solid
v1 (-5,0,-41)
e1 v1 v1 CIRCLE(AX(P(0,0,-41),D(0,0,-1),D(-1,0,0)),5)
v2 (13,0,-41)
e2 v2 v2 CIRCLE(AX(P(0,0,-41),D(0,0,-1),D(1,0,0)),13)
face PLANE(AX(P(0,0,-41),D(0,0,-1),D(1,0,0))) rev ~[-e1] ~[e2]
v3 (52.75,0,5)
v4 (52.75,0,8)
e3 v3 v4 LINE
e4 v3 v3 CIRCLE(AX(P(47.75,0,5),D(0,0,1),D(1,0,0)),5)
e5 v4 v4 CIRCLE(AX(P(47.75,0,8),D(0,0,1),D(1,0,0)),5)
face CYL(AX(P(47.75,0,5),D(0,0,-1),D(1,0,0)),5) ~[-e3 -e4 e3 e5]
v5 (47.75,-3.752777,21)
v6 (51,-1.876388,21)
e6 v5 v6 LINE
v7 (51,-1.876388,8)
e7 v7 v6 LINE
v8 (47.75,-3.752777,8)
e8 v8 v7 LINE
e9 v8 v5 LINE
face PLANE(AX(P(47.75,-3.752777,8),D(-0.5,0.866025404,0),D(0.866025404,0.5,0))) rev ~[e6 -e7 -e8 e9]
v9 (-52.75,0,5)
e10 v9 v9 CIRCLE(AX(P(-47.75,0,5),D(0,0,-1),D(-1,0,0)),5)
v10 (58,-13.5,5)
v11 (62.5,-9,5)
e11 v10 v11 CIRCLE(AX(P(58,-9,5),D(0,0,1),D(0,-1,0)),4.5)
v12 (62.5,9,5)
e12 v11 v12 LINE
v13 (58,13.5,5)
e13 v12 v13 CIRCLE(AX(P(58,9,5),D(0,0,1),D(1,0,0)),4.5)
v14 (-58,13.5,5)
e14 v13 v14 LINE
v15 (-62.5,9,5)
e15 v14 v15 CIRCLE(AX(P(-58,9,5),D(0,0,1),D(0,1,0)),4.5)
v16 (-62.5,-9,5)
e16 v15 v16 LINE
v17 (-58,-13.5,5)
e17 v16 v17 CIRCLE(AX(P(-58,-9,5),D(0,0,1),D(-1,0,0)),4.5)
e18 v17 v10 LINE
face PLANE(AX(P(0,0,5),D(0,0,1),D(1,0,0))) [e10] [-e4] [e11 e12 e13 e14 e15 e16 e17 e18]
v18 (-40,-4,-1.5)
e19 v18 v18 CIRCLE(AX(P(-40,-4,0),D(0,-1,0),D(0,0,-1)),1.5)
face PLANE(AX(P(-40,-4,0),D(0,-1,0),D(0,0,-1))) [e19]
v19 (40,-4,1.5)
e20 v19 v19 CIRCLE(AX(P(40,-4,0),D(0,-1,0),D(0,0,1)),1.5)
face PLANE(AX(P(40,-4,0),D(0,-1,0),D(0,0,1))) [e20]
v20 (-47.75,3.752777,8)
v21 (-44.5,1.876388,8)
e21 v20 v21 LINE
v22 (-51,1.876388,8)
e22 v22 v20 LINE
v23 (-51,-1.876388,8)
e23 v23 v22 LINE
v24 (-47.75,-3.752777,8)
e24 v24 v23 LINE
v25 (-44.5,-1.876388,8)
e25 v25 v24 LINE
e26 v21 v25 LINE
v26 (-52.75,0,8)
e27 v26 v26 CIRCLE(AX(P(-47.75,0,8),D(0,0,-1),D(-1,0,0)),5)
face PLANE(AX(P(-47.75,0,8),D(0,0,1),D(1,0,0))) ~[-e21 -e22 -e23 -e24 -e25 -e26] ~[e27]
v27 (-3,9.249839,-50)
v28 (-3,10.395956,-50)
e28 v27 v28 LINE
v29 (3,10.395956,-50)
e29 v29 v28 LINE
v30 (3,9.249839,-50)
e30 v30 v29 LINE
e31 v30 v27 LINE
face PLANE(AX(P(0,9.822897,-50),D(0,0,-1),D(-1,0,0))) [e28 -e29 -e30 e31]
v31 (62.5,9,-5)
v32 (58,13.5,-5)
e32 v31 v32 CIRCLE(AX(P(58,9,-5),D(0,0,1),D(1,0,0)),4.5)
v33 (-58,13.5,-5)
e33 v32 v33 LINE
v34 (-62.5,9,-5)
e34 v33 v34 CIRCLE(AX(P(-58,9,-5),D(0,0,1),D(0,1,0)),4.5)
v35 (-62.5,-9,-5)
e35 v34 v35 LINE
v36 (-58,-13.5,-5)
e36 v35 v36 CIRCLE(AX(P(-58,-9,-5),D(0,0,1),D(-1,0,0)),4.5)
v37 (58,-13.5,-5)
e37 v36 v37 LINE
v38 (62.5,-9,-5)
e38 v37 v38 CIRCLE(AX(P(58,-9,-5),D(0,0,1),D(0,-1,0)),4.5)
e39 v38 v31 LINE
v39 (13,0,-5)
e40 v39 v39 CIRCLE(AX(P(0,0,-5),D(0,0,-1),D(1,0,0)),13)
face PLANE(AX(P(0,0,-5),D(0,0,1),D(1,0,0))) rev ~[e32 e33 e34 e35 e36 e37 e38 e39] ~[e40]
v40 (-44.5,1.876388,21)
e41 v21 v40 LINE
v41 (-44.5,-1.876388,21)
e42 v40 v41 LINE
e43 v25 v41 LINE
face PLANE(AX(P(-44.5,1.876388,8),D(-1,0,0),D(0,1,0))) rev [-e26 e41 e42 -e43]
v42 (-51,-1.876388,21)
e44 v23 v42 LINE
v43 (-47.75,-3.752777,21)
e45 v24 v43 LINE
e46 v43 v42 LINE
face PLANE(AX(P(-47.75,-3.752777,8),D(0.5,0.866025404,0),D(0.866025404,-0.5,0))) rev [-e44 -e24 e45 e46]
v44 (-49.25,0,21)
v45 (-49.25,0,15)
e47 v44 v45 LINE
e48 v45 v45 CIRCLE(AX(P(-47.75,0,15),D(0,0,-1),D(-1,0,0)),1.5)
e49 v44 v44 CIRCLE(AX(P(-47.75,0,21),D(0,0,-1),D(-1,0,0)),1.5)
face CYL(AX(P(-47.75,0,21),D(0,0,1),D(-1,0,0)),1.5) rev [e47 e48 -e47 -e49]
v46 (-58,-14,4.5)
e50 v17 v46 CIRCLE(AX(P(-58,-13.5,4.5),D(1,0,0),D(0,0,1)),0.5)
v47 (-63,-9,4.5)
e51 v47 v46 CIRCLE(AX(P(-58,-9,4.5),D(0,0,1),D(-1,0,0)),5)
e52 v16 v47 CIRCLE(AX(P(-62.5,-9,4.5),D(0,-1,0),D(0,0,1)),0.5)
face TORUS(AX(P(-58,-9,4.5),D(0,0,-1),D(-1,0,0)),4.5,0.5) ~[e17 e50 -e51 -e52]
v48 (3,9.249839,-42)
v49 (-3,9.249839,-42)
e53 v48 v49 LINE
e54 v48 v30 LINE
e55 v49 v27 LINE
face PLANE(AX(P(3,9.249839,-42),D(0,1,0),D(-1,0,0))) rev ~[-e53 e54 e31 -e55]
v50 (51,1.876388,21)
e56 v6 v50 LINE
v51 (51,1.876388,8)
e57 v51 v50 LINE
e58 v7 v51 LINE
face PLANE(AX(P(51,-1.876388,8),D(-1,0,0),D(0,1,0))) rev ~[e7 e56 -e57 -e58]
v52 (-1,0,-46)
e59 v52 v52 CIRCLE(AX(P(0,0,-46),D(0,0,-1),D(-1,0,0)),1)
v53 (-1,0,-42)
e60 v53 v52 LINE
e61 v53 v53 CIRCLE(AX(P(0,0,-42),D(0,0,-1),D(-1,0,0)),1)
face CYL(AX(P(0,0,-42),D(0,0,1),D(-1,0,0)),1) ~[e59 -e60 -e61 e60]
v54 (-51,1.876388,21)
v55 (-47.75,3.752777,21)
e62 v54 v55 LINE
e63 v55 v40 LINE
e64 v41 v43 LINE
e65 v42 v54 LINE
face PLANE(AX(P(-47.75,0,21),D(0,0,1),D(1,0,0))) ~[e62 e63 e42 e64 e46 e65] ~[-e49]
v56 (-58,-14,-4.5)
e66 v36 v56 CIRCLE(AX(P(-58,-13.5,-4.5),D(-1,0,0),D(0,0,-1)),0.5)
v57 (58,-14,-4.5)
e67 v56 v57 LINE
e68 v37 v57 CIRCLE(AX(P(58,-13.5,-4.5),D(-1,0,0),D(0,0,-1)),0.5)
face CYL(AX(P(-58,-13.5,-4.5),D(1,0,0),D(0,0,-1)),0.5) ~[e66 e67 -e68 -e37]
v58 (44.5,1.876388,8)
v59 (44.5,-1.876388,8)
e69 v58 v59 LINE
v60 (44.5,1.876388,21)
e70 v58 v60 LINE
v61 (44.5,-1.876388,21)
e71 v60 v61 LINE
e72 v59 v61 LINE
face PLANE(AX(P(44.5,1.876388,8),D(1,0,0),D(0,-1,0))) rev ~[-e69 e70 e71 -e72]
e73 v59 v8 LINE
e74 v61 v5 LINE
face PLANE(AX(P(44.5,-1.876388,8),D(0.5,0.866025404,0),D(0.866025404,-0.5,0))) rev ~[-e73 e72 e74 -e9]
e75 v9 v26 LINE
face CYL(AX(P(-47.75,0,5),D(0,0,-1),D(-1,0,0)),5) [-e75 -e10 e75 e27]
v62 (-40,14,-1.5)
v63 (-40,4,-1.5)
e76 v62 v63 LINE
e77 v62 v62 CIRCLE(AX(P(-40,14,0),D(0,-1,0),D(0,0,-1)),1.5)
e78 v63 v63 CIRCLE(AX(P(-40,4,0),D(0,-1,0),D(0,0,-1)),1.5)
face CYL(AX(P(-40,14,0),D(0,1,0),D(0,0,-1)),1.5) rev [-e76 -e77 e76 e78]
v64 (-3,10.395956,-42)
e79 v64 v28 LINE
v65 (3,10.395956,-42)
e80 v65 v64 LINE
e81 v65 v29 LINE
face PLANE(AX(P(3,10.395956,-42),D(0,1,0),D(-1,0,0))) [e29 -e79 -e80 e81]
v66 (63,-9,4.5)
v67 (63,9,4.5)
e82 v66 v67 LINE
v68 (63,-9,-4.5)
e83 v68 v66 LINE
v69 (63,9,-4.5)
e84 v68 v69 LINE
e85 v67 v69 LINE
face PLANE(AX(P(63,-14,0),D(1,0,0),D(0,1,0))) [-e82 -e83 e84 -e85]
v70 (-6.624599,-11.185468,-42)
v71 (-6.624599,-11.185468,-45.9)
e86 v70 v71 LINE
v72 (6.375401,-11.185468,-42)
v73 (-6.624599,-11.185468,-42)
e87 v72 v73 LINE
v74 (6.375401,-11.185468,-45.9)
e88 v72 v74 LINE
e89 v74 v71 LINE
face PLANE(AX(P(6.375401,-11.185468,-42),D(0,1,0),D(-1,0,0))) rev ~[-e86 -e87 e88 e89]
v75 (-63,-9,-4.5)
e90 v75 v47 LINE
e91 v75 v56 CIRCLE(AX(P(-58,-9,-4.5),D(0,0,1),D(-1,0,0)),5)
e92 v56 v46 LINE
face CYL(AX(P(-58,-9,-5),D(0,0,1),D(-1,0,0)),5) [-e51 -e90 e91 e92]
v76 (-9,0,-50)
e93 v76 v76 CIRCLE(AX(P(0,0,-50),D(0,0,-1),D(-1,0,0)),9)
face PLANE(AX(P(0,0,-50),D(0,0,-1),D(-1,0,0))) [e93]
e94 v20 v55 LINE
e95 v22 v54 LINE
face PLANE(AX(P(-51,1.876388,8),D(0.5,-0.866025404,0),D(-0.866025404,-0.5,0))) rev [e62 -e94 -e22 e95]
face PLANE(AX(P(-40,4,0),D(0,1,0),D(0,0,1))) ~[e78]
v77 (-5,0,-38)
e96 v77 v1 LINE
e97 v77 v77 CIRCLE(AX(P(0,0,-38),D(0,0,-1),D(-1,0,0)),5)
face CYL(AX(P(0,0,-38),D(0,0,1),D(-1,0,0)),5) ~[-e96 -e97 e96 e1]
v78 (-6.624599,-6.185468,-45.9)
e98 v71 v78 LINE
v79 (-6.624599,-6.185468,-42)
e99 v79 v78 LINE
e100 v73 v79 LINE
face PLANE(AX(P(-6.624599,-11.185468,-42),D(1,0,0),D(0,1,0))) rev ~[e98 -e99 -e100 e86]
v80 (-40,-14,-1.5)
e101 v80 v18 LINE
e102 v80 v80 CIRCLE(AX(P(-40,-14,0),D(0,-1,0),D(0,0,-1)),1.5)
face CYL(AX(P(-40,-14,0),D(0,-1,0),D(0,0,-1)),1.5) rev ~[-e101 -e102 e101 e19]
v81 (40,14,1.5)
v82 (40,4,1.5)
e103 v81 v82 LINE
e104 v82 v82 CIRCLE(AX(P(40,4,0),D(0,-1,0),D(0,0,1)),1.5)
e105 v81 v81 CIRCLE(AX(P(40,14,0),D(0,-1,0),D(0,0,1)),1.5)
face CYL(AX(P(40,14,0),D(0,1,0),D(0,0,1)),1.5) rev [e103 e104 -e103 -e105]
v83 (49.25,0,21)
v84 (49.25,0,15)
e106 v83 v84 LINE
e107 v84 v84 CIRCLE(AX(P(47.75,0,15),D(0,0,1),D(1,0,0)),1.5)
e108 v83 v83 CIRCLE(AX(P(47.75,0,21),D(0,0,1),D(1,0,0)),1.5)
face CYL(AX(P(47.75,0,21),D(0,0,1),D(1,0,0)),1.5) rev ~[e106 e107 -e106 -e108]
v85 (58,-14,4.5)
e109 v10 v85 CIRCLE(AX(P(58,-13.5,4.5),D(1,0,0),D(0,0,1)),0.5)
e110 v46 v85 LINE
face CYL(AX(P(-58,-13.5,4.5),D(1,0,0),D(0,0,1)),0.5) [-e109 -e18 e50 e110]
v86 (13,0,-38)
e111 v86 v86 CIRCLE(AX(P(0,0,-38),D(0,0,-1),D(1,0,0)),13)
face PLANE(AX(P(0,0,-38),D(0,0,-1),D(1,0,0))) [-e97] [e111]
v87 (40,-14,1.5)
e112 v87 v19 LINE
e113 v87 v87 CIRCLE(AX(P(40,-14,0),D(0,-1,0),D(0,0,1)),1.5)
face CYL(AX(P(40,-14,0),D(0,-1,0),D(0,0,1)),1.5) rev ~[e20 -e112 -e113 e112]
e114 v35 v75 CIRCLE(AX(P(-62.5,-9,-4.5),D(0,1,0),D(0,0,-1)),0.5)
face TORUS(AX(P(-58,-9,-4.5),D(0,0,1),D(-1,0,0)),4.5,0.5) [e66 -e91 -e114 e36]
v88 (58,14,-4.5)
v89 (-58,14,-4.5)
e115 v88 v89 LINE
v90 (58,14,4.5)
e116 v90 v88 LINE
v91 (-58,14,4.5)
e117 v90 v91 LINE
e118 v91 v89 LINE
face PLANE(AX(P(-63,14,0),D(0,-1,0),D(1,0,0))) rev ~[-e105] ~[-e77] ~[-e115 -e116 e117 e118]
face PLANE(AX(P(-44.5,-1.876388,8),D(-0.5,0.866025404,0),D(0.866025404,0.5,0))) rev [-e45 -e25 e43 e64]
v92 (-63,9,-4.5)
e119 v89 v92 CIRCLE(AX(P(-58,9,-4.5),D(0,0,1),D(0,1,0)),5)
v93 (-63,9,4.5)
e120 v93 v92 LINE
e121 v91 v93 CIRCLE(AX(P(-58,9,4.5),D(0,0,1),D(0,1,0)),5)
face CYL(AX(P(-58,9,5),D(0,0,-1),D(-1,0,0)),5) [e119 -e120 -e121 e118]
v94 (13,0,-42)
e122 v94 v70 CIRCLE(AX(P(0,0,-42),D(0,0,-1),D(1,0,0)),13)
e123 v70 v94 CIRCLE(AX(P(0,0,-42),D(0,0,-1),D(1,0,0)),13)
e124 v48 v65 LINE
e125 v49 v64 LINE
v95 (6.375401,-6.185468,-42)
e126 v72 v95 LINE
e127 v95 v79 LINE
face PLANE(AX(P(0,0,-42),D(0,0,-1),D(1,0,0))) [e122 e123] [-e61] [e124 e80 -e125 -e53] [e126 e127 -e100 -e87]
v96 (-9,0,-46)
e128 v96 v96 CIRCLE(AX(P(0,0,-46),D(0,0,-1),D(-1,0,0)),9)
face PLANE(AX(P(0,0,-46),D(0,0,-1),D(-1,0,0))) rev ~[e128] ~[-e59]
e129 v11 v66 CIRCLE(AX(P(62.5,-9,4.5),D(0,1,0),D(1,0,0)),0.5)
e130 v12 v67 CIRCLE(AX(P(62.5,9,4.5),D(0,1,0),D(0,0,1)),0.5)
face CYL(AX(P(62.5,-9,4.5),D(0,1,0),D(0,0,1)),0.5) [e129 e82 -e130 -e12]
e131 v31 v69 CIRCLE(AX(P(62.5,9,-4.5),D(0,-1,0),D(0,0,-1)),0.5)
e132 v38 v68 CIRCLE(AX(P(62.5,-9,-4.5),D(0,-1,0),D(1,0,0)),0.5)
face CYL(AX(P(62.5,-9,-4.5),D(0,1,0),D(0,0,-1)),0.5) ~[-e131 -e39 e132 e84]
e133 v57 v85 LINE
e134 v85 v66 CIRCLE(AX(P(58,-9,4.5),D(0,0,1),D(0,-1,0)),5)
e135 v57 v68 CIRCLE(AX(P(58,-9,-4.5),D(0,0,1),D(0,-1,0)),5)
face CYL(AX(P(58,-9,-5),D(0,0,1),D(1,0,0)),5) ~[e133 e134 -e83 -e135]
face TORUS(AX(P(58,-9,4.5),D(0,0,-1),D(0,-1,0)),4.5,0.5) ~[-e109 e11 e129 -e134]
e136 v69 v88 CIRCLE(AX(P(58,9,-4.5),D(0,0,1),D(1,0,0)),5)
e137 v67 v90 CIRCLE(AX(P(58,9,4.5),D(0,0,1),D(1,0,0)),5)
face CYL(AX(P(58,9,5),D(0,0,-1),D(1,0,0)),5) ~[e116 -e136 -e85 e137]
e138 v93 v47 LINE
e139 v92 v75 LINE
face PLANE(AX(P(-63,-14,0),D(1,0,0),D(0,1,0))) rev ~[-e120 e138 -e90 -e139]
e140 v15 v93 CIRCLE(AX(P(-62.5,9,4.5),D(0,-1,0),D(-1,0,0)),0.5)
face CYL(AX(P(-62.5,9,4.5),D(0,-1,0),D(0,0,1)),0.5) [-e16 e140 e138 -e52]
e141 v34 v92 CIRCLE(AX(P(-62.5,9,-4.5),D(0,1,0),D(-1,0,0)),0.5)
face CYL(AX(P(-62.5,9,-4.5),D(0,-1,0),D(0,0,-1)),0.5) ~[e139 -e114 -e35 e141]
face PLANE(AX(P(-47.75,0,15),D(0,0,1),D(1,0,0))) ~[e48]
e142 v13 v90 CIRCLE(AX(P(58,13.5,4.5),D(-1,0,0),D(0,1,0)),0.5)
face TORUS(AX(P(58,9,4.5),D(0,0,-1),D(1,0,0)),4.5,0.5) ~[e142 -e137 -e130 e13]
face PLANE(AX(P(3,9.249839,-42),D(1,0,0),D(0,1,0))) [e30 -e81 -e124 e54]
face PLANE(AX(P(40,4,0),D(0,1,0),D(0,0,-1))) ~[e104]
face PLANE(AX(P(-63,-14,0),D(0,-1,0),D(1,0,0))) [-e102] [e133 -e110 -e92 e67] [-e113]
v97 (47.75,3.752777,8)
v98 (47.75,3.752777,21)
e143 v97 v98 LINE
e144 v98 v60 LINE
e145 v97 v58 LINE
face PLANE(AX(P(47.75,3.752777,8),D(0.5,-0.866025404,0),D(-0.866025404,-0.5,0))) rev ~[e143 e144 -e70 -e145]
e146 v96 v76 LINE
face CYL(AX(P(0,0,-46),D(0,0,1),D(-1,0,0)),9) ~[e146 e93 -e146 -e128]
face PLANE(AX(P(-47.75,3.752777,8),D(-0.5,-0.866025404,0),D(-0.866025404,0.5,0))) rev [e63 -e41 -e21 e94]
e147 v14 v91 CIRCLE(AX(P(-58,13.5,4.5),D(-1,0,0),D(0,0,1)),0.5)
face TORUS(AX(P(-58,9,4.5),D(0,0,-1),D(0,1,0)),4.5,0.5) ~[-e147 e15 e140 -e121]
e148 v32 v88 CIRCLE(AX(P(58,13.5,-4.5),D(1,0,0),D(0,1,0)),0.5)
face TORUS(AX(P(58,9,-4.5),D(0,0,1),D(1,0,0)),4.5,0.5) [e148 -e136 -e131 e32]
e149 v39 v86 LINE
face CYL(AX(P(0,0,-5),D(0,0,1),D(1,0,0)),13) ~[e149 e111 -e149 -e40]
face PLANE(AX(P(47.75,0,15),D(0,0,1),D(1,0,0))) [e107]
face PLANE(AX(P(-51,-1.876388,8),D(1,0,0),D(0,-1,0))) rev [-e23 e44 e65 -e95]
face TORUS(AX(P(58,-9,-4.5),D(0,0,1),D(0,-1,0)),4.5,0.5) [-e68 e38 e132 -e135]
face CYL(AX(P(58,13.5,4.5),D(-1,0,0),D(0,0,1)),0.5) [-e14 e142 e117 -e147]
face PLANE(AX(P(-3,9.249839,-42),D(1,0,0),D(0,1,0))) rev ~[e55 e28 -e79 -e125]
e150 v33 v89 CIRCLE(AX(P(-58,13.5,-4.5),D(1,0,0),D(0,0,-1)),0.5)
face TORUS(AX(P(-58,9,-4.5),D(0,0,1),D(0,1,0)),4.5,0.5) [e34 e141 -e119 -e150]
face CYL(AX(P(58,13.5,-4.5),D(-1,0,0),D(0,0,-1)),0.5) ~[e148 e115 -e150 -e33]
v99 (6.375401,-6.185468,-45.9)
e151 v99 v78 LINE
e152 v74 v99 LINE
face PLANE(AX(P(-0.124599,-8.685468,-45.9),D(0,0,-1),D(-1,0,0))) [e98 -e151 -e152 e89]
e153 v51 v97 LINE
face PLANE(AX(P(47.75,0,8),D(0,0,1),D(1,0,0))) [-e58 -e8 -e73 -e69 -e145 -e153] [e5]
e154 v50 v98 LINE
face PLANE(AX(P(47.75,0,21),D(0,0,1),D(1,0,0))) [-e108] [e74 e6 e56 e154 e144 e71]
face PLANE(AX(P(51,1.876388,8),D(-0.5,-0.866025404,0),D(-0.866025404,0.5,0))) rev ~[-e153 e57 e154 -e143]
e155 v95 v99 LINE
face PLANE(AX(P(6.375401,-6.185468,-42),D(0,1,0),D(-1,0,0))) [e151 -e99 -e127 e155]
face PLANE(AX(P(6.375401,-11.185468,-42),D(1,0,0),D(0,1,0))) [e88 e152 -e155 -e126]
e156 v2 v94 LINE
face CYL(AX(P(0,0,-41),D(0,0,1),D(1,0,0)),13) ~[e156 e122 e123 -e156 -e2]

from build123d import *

# Parameters (mm, degrees)
SKETCH_1_W          = 126
SKETCH_1_H          = 28
EXTRUDE_1_DEPTH     = 5
FILLET_1_R          = 5
FILLET_2_R          = 0.5
SKETCH_3_R          = 1.5
CUT_EXTRUDE_1_DEPTH = 10
SKETCH_4_R          = 5
EXTRUDE_2_DEPTH     = 3
EXTRUDE_3_DEPTH     = 13
SKETCH_6_R          = 1.5
CUT_EXTRUDE_2_DEPTH = 6
SKETCH_7_R          = 13
EXTRUDE_4_DEPTH     = 33
SKETCH_8_R          = 5
EXTRUDE_5_DEPTH     = 3
SKETCH_9_R          = 13
EXTRUDE_6_DEPTH     = 1
SKETCH_10_R         = 1
EXTRUDE_7_DEPTH     = 4
SKETCH_11_R         = 9
EXTRUDE_8_DEPTH     = 4
SKETCH_12_W         = 6
SKETCH_12_H         = 1.146117225
EXTRUDE_9_DEPTH     = 8
SKETCH_13_W         = 13
SKETCH_13_H         = 5
EXTRUDE_10_DEPTH    = 3.9


with BuildPart() as part:
    # 草图1 → 凸台-拉伸1 (new, symmetric)
    with BuildSketch(Plane.XY):
        Rectangle(SKETCH_1_W, SKETCH_1_H)
    extrude(amount=EXTRUDE_1_DEPTH, both=True)

    # 圆角1
    fillet_1_edges = [part.edges().sort_by_distance(p)[0] for p in [
        (63, -14, 0),
        (-63, -14, 0),
        (-63, 14, 0),
        (63, 14, 0),
    ]]
    fillet(fillet_1_edges, radius=FILLET_1_R)

    # 圆角2
    fillet_2_edges = [part.edges().sort_by_distance(p)[0] for p in [
        (0, -14, -5),
        (0, -14, 5),
        (63, 0, -5),
        (-63, 0, -5),
        (0, 14, -5),
        (61.535533906, 12.535533906, -5),
        (61.535533906, -12.535533906, -5),
        (-61.535533906, 12.535533906, -5),
        (-61.535533906, -12.535533906, -5),
        (-63, 0, 5),
        (63, 0, 5),
        (0, 14, 5),
        (61.535533906, 12.535533906, 5),
        (61.535533906, -12.535533906, 5),
        (-61.535533906, 12.535533906, 5),
        (-61.535533906, -12.535533906, 5),
    ]]
    fillet(fillet_2_edges, radius=FILLET_2_R)

    # 草图3 → 切除-拉伸1 (cut)
    with BuildSketch(Plane.XZ.offset(14)):
        with Locations(Location((-40, 0, 0), (0, 0, 270))):
            Circle(SKETCH_3_R)
        with Locations(Location((40, 0, 0), (0, 0, 90))):
            Circle(SKETCH_3_R)
    cut_extrude_1 = extrude(amount=-CUT_EXTRUDE_1_DEPTH, mode=Mode.SUBTRACT)

    # 草图4 → 凸台-拉伸2 (add)
    with BuildSketch(Plane.XY.offset(5)):
        with Locations((47.75, 0)):
            Circle(SKETCH_4_R)
    extrude_2 = extrude(amount=EXTRUDE_2_DEPTH)

    # 草图5 → 凸台-拉伸3 (add)
    with BuildSketch(Plane.XY.offset(8)):
        Polygon((47.75, -3.75277675), (51, -1.876388375), (51, 1.876388375), (47.75, 3.75277675), (44.5, 1.876388375), (44.5, -1.876388375), align=None)
    extrude_3 = extrude(amount=EXTRUDE_3_DEPTH)

    # 草图6 → 切除-拉伸2 (cut)
    with BuildSketch(Plane.XY.offset(21)):
        with Locations((47.75, 0)):
            Circle(SKETCH_6_R)
    cut_extrude_2 = extrude(amount=-CUT_EXTRUDE_2_DEPTH, mode=Mode.SUBTRACT)

    # 镜向1: 凸台-拉伸2, 凸台-拉伸3, 切除-拉伸2 across plane
    add(extrude_2.mirror(Plane(origin=(0, 0, 0), x_dir=(0, 0, 1), z_dir=(1, 0, 0))))
    add(extrude_3.mirror(Plane(origin=(0, 0, 0), x_dir=(0, 0, 1), z_dir=(1, 0, 0))))
    add(cut_extrude_2.mirror(Plane(origin=(0, 0, 0), x_dir=(0, 0, 1), z_dir=(1, 0, 0))), mode=Mode.SUBTRACT)

    # 草图7 → 凸台-拉伸4 (add)
    with BuildSketch(Plane(origin=(0, 0, -5), x_dir=(-1, 0, 0), z_dir=(0, 0, -1))):
        with Locations(Location((0, 0, 0), (0, 0, 180))):
            Circle(SKETCH_7_R)
    extrude(amount=EXTRUDE_4_DEPTH)

    # 草图8 → 凸台-拉伸5 (add)
    with BuildSketch(Plane(origin=(0, 0, -38), x_dir=(-1, 0, 0), z_dir=(0, 0, -1))):
        Circle(SKETCH_8_R)
    extrude(amount=EXTRUDE_5_DEPTH)

    # 草图9 → 凸台-拉伸6 (add)
    with BuildSketch(Plane(origin=(0, 0, -41), x_dir=(-1, 0, 0), z_dir=(0, 0, -1))):
        with Locations(Location((0, 0, 0), (0, 0, 180))):
            Circle(SKETCH_9_R)
    extrude(amount=EXTRUDE_6_DEPTH)

    # 草图10 → 凸台-拉伸7 (add)
    with BuildSketch(Plane(origin=(0, 0, -42), x_dir=(-1, 0, 0), z_dir=(0, 0, -1))):
        Circle(SKETCH_10_R)
    extrude(amount=EXTRUDE_7_DEPTH)

    # 草图11 → 凸台-拉伸8 (add)
    with BuildSketch(Plane(origin=(0, 0, -46), x_dir=(-1, 0, 0), z_dir=(0, 0, -1))):
        Circle(SKETCH_11_R)
    extrude(amount=EXTRUDE_8_DEPTH)

    # 草图12 → 凸台-拉伸9 (add)
    with BuildSketch(Plane(origin=(0, 0, -42), x_dir=(-1, 0, 0), z_dir=(0, 0, -1))):
        with Locations((0, 9.822897289)):
            Rectangle(SKETCH_12_W, SKETCH_12_H)
    extrude(amount=EXTRUDE_9_DEPTH)

    # 草图13 → 凸台-拉伸10 (add)
    with BuildSketch(Plane(origin=(0, 0, -42), x_dir=(-1, 0, 0), z_dir=(0, 0, -1))):
        with Locations((0.124599067, -8.685467679)):
            Rectangle(SKETCH_13_W, SKETCH_13_H)
    extrude(amount=EXTRUDE_10_DEPTH)

    # 镜向2: 切除-拉伸1 across plane
    add(cut_extrude_1.mirror(Plane.ZX), mode=Mode.SUBTRACT)


solid = part.part
